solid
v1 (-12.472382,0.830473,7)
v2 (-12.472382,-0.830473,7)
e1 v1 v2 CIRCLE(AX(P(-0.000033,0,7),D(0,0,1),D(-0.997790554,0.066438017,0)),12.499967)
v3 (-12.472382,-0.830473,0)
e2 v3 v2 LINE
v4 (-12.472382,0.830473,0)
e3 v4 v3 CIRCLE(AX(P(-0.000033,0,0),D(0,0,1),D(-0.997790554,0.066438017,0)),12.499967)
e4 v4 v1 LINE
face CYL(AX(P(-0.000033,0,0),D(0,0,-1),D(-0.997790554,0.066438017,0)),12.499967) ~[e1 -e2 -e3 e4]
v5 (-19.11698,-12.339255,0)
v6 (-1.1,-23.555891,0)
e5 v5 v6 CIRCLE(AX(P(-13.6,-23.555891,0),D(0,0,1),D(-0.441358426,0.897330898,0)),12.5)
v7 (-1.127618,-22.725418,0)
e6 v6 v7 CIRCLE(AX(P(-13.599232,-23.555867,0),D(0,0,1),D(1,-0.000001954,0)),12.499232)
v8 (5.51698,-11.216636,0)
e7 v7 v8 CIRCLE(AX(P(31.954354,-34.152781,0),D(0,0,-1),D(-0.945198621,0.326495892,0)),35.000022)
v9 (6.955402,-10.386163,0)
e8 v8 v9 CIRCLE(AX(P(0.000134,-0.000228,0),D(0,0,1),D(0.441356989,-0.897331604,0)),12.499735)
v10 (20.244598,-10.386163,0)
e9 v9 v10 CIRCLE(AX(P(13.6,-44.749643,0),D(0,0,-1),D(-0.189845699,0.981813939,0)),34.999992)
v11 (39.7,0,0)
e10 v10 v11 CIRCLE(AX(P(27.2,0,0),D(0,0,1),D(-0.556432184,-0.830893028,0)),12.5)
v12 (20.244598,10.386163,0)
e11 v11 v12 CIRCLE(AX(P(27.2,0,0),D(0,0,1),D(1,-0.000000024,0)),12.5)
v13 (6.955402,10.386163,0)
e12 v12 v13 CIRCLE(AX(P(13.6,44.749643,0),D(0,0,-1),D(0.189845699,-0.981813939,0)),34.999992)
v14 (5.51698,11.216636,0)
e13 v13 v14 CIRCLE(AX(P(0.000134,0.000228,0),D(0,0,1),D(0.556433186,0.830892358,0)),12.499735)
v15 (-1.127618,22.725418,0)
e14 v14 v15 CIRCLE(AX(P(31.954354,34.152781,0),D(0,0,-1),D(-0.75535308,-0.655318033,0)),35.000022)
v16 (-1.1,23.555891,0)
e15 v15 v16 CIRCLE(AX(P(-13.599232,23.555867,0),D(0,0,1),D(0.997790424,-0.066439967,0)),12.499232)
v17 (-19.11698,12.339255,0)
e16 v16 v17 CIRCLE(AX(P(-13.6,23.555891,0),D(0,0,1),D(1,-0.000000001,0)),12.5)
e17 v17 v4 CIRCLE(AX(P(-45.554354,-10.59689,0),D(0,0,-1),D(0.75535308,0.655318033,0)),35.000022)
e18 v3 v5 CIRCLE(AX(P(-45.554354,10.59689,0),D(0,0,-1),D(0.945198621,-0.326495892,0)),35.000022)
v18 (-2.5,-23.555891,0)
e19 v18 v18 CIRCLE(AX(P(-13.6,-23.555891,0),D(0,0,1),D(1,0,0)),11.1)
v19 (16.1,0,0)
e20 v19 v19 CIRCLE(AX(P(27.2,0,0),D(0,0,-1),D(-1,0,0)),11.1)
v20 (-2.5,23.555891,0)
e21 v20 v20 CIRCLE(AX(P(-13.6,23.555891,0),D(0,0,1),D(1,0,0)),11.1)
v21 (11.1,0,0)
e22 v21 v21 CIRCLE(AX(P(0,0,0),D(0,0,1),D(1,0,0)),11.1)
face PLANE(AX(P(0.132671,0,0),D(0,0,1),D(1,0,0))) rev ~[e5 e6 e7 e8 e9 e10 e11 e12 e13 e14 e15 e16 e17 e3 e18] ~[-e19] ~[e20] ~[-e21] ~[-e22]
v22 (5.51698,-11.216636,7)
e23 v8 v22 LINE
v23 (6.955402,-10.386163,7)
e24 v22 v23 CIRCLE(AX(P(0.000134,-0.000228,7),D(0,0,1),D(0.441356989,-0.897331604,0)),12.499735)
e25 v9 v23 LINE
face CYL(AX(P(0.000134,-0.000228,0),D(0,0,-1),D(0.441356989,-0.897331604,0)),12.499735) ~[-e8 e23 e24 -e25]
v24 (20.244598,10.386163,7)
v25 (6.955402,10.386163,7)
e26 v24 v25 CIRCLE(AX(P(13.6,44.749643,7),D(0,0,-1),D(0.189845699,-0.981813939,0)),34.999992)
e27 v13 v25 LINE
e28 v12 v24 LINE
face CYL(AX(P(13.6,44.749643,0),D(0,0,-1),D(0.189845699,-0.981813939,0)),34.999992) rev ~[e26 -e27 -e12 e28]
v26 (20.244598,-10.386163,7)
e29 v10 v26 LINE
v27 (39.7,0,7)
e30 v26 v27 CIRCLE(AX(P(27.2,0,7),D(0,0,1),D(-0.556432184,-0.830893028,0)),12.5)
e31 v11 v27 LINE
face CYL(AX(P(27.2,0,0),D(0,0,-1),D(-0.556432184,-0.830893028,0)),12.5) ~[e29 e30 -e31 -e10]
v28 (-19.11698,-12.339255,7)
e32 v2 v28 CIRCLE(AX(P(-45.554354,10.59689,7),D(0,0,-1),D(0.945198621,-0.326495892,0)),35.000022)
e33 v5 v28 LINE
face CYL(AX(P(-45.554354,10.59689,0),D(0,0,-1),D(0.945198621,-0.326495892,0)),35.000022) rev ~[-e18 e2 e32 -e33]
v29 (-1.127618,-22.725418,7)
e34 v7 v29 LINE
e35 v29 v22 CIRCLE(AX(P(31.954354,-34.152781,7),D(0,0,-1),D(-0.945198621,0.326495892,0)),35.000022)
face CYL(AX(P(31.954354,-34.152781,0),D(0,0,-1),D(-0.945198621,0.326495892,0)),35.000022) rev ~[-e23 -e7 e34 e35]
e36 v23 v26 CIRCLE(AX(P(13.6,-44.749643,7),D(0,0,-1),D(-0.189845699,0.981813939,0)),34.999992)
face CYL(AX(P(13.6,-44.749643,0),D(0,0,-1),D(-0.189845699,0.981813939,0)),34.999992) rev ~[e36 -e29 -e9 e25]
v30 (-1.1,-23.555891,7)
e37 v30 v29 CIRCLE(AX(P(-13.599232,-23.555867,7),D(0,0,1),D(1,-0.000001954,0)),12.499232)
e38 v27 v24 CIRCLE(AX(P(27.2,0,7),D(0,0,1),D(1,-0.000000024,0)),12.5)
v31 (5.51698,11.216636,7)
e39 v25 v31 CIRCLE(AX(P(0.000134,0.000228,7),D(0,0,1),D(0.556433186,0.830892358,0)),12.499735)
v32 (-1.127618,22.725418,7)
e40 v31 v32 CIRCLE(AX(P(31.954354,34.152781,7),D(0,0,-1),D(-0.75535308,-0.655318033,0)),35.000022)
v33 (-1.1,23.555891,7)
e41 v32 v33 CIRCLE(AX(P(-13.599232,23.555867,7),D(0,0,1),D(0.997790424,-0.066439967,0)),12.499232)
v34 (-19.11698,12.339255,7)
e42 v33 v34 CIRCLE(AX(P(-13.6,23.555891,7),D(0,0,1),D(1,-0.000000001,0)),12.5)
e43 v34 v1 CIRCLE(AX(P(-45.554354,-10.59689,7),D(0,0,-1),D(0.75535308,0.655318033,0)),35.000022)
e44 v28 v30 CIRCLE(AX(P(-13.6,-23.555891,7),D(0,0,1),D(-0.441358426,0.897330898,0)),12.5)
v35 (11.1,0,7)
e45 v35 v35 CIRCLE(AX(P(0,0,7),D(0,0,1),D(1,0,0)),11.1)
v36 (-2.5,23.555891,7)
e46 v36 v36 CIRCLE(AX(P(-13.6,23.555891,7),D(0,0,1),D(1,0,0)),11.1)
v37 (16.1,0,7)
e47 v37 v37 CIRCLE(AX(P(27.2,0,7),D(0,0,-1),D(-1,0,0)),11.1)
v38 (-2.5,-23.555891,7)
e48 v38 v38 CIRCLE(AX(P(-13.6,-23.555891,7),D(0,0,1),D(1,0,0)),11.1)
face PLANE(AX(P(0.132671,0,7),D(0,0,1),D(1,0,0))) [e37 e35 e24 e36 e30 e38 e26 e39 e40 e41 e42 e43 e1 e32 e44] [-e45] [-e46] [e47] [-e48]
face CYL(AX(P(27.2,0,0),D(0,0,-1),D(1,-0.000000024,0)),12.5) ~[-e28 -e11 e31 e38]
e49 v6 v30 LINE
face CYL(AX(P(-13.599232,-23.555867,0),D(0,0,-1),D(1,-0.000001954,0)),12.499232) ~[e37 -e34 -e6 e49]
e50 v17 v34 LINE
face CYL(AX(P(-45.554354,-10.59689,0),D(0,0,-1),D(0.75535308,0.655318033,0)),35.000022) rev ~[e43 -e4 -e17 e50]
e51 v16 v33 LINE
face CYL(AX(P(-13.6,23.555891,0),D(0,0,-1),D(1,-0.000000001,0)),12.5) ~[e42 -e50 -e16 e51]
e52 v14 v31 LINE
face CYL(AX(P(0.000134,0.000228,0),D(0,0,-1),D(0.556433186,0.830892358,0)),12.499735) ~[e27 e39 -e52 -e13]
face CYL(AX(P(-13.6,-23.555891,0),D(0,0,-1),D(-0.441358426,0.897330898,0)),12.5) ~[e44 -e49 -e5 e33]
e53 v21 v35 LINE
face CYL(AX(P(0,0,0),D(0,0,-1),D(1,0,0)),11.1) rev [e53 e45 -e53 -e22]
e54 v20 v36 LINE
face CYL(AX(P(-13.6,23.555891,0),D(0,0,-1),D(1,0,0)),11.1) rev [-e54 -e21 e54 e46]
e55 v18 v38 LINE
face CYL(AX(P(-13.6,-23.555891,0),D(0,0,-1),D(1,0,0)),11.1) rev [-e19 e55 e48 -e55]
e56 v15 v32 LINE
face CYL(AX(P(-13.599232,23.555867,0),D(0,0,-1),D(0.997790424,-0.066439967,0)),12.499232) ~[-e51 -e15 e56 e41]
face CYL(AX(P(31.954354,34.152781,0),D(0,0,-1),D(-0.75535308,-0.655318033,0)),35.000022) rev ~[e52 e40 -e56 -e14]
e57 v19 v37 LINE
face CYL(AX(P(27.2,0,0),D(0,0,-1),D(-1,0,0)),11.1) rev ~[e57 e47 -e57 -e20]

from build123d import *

# Parameters (mm, degrees)
F0_R     = 11.1
F1_DEPTH = 7


with BuildPart() as f1:
    # F0 (on Top) → F1 (new body)
    with BuildSketch(Plane.XY):
        with BuildLine():
            ThreePointArc((6.955402, -10.386163), (11.02707, -5.886742), (12.5, 0))
            ThreePointArc((12.5, 0), (11.02707, 5.886742), (6.955402, 10.386163))
            ThreePointArc((6.955402, 10.386163), (6.25, 10.825318), (5.51698, 11.216636))
            ThreePointArc((5.51698, 11.216636), (-6.25, 10.825318), (-12.472382, 0.830473))
            ThreePointArc((-12.472382, 0.830473), (-12.5, 0), (-12.472382, -0.830473))
            ThreePointArc((-12.472382, -0.830473), (-6.25, -10.825318), (5.51698, -11.216636))
            ThreePointArc((5.51698, -11.216636), (6.25, -10.825318), (6.955402, -10.386163))
        make_face()
        Circle(F0_R, mode=Mode.SUBTRACT)
        with BuildLine():
            ThreePointArc((6.955402, 10.386163), (11.02707, 5.886742), (12.5, 0))
            Line((12.5, 0), (14.7, 0))
            ThreePointArc((14.7, 0), (16.17293, 5.886742), (20.244598, 10.386163))
            ThreePointArc((20.244598, 10.386163), (13.6, 9.749651), (6.955402, 10.386163))
        make_face()
        with BuildLine():
            Line((14.7, 0), (12.5, 0))
            ThreePointArc((12.5, 0), (11.02707, -5.886742), (6.955402, -10.386163))
            ThreePointArc((6.955402, -10.386163), (13.6, -9.749651), (20.244598, -10.386163))
            ThreePointArc((20.244598, -10.386163), (16.17293, -5.886742), (14.7, 0))
        make_face()
        with BuildLine():
            ThreePointArc((38.3, 0), (27.2, 11.1), (16.1, 0))
            ThreePointArc((16.1, 0), (27.2, -11.1), (38.3, 0))
        make_face()
        with BuildLine():
            ThreePointArc((20.244598, 10.386163), (16.17293, 5.886742), (14.7, 0))
            ThreePointArc((14.7, 0), (16.17293, -5.886742), (20.244598, -10.386163))
            ThreePointArc((20.244598, -10.386163), (33.086742, -11.02707), (39.7, 0))
            ThreePointArc((39.7, 0), (33.086742, 11.02707), (20.244598, 10.386163))
        make_face()
        with BuildLine():
            ThreePointArc((38.3, 0), (27.2, -11.1), (16.1, 0))
            ThreePointArc((16.1, 0), (27.2, 11.1), (38.3, 0))
        make_face(mode=Mode.SUBTRACT)
        with BuildLine():
            ThreePointArc((-12.472382, 0.830473), (-6.25, 10.825318), (5.51698, 11.216636))
            ThreePointArc((5.51698, 11.216636), (1.643446, 16.652771), (-1.127618, 22.725418))
            ThreePointArc((-1.127618, 22.725418), (-7.35, 12.730573), (-19.11698, 12.339255))
            ThreePointArc((-19.11698, 12.339255), (-15.243446, 6.90312), (-12.472382, 0.830473))
        make_face()
        with BuildLine():
            ThreePointArc((-1.127618, -22.725418), (1.643446, -16.652771), (5.51698, -11.216636))
            ThreePointArc((5.51698, -11.216636), (-6.25, -10.825318), (-12.472382, -0.830473))
            ThreePointArc((-12.472382, -0.830473), (-15.243446, -6.90312), (-19.11698, -12.339255))
            ThreePointArc((-19.11698, -12.339255), (-7.35, -12.730573), (-1.127618, -22.725418))
        make_face()
        with BuildLine():
            ThreePointArc((-19.11698, 12.339255), (-7.35, 12.730573), (-1.127618, 22.725418))
            ThreePointArc((-1.127618, 22.725418), (-1.106906, 23.140425), (-1.1, 23.555891))
            ThreePointArc((-1.1, 23.555891), (-20.206351, 34.167494), (-19.11698, 12.339255))
        make_face()
        with Locations((-13.6, 23.555891)):
            Circle(F0_R, mode=Mode.SUBTRACT)
        with BuildLine():
            ThreePointArc((-1.1, -23.555891), (-1.106906, -23.140425), (-1.127618, -22.725418))
            ThreePointArc((-1.127618, -22.725418), (-7.35, -12.730573), (-19.11698, -12.339255))
            ThreePointArc((-19.11698, -12.339255), (-20.206351, -34.167494), (-1.1, -23.555891))
        make_face()
        with Locations((-13.6, -23.555891)):
            Circle(F0_R, mode=Mode.SUBTRACT)
    extrude(amount=F1_DEPTH)


solid = f1.part
